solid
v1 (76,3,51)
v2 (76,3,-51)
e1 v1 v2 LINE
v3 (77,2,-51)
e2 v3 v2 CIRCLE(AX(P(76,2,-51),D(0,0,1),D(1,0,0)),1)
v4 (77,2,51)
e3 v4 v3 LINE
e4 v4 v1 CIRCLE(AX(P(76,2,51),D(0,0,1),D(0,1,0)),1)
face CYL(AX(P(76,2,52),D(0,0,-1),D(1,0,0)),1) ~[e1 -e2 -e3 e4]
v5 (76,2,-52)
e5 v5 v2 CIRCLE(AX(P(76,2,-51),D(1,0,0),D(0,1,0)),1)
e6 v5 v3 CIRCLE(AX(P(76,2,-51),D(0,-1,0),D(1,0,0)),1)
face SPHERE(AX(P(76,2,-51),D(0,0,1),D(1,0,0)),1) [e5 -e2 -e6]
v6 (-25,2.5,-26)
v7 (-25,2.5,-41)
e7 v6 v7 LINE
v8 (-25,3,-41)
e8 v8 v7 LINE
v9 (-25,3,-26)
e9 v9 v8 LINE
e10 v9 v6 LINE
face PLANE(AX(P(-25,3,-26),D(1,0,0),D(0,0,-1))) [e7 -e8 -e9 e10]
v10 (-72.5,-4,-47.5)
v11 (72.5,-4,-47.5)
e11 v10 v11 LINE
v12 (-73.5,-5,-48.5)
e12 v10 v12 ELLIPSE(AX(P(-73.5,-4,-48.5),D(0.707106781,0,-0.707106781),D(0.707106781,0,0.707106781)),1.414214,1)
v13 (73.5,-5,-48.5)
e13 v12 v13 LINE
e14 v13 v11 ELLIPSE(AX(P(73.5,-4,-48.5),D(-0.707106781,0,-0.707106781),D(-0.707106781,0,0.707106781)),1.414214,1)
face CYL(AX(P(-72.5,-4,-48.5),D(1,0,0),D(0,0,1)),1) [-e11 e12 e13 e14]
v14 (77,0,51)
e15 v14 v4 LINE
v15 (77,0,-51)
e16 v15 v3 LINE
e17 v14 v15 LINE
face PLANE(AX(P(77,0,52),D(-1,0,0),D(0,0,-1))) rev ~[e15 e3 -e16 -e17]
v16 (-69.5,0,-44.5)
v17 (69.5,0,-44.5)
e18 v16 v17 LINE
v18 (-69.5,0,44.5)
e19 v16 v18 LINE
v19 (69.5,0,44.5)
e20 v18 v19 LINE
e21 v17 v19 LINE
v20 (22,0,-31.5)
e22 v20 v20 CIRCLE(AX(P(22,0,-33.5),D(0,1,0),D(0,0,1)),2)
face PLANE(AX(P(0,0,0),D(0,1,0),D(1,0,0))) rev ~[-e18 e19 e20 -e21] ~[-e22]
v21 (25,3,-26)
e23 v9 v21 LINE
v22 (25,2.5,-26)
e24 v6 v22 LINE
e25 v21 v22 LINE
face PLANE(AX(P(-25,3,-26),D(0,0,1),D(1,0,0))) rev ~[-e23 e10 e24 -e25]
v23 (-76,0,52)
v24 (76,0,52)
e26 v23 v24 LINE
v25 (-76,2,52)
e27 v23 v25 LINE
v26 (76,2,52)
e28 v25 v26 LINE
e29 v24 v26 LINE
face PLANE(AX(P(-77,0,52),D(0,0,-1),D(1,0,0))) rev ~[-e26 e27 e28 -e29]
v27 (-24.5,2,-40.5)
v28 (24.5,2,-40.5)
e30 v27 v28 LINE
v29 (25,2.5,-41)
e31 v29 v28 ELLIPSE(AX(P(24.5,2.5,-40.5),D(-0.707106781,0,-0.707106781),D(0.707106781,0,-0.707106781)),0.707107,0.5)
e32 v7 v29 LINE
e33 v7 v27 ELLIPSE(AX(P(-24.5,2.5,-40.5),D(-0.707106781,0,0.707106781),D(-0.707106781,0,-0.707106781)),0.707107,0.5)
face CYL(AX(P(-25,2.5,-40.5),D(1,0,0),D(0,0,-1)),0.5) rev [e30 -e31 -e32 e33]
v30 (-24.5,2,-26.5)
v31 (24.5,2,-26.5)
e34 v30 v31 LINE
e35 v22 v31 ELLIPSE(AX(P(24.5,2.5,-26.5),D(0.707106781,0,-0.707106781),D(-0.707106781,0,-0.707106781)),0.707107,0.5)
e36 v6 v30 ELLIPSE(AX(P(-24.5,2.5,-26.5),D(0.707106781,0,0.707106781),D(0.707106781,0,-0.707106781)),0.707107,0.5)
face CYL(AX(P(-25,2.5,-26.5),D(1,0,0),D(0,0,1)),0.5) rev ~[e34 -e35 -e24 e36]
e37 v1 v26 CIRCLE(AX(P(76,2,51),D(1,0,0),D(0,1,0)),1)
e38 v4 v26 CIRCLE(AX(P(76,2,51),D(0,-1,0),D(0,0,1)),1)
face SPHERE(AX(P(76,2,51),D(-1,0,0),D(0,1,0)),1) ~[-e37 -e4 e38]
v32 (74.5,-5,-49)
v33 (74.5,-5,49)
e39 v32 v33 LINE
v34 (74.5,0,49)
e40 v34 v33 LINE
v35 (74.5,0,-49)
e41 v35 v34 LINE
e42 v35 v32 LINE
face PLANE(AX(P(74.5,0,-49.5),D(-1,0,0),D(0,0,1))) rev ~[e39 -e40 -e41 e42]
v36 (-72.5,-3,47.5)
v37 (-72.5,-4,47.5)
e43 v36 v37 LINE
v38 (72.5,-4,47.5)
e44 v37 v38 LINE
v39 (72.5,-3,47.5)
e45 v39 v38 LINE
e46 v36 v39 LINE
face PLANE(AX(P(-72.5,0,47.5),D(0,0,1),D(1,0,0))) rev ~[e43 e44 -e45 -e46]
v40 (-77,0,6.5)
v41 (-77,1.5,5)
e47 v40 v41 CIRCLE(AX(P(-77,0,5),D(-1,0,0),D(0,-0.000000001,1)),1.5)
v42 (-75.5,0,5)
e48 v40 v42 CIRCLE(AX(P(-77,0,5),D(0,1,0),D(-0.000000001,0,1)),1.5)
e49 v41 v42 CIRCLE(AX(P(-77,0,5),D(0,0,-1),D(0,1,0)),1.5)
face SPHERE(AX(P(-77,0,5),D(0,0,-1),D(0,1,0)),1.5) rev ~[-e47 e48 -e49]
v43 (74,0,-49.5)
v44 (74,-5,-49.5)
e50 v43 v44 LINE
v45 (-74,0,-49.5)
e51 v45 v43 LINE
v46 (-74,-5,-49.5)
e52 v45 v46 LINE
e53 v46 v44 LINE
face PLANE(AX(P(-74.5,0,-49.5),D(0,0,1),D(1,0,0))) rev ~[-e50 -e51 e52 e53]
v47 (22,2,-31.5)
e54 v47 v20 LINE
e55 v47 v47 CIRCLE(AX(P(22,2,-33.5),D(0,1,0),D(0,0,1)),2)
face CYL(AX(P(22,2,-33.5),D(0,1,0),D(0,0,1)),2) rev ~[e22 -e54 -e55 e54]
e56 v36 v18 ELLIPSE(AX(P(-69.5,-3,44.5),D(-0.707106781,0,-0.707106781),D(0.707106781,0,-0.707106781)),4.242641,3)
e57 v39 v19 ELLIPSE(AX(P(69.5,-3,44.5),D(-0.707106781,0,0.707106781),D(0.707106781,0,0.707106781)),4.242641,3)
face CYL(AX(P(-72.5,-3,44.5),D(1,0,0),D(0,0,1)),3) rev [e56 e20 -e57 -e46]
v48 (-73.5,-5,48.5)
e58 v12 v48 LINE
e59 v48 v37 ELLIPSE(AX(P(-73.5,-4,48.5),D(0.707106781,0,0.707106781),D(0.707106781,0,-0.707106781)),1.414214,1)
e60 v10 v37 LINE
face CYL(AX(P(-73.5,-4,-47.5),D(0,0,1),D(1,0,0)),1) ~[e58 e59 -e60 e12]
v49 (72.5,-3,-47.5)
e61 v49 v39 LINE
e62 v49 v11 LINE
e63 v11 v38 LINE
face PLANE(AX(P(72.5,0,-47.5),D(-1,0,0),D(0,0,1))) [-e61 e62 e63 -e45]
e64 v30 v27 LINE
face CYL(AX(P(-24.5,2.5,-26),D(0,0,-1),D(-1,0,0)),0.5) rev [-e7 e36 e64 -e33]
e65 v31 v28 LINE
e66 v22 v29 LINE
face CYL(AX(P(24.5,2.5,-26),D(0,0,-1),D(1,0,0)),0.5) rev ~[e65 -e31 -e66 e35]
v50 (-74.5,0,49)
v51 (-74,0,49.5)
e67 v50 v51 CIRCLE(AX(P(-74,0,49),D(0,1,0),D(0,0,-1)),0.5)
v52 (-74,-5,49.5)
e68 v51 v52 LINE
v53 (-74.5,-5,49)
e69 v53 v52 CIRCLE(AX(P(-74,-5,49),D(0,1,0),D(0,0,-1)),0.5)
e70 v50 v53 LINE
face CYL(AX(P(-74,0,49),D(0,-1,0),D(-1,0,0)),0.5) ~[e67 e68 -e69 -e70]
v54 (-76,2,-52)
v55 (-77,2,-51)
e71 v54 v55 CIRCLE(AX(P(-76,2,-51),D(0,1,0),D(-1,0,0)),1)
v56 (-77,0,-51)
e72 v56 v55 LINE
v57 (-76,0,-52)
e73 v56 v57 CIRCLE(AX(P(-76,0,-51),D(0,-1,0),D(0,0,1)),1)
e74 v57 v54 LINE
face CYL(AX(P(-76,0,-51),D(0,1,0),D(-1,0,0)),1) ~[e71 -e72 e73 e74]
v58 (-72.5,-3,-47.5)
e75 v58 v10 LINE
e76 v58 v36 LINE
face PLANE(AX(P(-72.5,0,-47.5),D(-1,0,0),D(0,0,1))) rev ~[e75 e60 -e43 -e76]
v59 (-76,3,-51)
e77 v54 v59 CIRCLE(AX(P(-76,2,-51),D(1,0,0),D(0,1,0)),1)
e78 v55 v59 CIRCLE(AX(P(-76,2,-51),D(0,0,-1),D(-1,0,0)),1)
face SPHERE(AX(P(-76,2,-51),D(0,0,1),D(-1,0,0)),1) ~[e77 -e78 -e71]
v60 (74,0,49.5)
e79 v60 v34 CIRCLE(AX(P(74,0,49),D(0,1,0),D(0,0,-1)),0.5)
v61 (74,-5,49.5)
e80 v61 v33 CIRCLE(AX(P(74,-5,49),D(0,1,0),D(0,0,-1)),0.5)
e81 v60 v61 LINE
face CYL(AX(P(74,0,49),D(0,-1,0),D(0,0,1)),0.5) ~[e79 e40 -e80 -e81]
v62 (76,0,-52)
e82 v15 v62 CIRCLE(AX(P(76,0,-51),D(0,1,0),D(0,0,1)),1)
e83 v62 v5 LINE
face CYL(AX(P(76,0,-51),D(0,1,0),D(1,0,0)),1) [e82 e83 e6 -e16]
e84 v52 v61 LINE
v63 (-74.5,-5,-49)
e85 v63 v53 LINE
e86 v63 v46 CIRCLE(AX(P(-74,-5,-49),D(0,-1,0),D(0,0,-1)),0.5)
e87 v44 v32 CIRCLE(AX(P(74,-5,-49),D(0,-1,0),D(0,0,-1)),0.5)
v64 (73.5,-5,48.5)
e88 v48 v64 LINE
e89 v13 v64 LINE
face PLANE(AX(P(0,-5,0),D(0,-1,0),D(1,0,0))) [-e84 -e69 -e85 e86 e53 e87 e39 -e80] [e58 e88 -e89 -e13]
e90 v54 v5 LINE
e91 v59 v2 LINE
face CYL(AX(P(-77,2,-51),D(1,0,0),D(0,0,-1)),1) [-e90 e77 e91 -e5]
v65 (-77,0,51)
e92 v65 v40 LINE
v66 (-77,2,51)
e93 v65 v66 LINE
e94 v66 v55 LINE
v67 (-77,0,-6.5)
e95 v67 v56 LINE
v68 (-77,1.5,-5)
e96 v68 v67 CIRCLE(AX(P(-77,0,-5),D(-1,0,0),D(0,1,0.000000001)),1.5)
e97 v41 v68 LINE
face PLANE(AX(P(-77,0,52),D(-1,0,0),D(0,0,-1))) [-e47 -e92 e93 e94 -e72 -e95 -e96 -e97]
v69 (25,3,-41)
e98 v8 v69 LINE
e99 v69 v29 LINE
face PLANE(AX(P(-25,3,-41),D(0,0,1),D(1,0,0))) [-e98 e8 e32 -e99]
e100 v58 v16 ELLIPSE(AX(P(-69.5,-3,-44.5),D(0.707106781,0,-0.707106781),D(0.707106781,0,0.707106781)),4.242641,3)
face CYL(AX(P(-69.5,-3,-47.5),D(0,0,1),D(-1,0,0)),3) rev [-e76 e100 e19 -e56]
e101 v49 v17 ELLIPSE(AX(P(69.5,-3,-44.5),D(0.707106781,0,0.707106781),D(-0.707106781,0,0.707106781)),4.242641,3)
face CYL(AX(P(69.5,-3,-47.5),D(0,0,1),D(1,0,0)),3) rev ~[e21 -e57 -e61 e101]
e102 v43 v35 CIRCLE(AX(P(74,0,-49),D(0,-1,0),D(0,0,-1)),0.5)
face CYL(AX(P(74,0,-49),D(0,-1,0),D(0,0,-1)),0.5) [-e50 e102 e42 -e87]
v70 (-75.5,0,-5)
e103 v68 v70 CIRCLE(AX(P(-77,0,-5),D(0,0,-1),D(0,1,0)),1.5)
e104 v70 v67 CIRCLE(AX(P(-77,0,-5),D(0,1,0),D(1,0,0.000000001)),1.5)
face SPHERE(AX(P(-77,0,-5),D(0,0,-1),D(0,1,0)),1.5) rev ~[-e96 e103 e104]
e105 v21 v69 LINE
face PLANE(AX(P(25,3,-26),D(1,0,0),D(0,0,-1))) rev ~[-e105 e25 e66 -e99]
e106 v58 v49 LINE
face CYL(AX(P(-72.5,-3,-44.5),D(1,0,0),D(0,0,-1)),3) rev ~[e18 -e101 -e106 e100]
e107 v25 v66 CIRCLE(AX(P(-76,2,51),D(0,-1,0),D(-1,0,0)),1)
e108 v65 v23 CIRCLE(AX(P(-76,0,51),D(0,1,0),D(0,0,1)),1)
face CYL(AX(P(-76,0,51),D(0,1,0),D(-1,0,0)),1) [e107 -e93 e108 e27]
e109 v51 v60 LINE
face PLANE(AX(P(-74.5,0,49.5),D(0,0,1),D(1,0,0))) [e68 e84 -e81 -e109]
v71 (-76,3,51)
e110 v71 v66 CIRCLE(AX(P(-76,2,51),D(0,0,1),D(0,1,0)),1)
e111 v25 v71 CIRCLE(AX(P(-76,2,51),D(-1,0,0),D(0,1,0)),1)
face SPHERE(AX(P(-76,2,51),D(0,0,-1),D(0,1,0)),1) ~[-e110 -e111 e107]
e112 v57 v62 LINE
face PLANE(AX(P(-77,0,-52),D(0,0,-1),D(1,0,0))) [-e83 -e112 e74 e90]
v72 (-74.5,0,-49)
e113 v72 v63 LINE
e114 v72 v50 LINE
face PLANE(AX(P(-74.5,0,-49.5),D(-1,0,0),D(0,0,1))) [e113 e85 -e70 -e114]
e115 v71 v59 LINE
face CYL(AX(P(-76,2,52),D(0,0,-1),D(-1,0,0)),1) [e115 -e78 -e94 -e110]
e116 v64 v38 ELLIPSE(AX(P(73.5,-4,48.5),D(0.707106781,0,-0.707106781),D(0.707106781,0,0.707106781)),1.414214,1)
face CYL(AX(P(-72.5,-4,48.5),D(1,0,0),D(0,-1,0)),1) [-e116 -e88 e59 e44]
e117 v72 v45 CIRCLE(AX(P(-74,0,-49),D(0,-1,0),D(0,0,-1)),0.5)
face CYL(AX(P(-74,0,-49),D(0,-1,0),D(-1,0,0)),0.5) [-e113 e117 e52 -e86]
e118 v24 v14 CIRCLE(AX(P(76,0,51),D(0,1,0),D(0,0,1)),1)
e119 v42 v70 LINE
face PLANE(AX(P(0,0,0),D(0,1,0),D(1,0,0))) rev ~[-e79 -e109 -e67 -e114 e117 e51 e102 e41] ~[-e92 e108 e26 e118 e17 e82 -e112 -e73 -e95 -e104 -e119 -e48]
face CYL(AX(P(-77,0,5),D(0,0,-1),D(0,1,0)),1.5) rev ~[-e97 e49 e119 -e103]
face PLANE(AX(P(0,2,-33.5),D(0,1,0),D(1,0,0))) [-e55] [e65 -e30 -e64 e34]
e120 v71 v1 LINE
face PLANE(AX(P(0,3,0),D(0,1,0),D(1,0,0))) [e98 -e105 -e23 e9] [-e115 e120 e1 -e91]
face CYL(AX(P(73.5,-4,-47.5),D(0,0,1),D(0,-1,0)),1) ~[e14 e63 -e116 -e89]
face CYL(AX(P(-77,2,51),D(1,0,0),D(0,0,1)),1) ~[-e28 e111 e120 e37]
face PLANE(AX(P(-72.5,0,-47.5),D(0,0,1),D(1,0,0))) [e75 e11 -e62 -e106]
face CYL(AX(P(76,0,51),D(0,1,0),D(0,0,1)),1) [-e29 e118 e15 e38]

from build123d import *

# Parameters (mm, degrees)
SKETCH1_W           = 154
SKETCH1_H           = 104
BOSS_EXTRUDE1_DEPTH = 3
FILLET1_R           = 1
SKETCH2_W           = 149
SKETCH2_H           = 99
SKETCH2_W_2         = 145
SKETCH2_H_2         = 95
EXTRUDE_THIN1_DEPTH = 5
FILLET2_R           = 3
FILLET3_R           = 1
CUT_REVOLVE1_ANGLE  = 90
SKETCH5_W           = 50
SKETCH5_H           = 15
CUT_EXTRUDE1_DEPTH  = 1
FILLET4_R           = 0.5
SKETCH6_R           = 2
CUT_EXTRUDE2_DEPTH  = 5
FILLET5_R           = 0.5


with BuildPart() as part:
    # Sketch1 → Boss-Extrude1 (new body)
    with BuildSketch(Plane(origin=(0, 0, 0), x_dir=(1, 0, 0), z_dir=(0, 1, 0))):
        Rectangle(SKETCH1_W, SKETCH1_H)
    extrude(amount=BOSS_EXTRUDE1_DEPTH)

    # Fillet1
    fillet1_edges = [part.edges().sort_by_distance(p)[0] for p in [
        (-77, 3, 0),
        (0, 3, 52),
        (77, 3, 0),
        (77, 1.5, 52),
        (-77, 1.5, 52),
        (-77, 1.5, -52),
        (77, 1.5, -52),
        (0, 3, -52),
    ]]
    fillet(fillet1_edges, radius=FILLET1_R)

    # Sketch2 → Extrude-Thin1 (add)
    with BuildSketch(Plane.XZ):
        Rectangle(SKETCH2_W, SKETCH2_H)
        Rectangle(SKETCH2_W_2, SKETCH2_H_2, mode=Mode.SUBTRACT)
    extrude(amount=EXTRUDE_THIN1_DEPTH)

    # Fillet2
    fillet2_edges = [part.edges().sort_by_distance(p)[0] for p in [
        (72.5, 0, 0),
        (0, 0, 47.5),
        (-72.5, 0, 0),
        (0, 0, -47.5),
    ]]
    fillet(fillet2_edges, radius=FILLET2_R)

    # Fillet3
    fillet3_edges = [part.edges().sort_by_distance(p)[0] for p in [
        (72.5, -5, 0),
        (0, -5, 47.5),
        (-72.5, -5, 0),
        (0, -5, -47.5),
    ]]
    fillet(fillet3_edges, radius=FILLET3_R)

    # Sketch3 → Cut-Revolve1 (revolve, cut)
    with BuildSketch(Plane.ZY.offset(77)):
        with BuildLine():
            Line((-6.5, 0), (6.5, 0))
            ThreePointArc((6.5, 0), (6.060660172, 1.060660172), (5, 1.5))
            Line((5, 1.5), (-5, 1.5))
            ThreePointArc((-5, 1.5), (-6.060660172, 1.060660172), (-6.5, 0))
        make_face()
    revolve(axis=Axis((-77, 0, -6.5), (0, 0, -1)), revolution_arc=CUT_REVOLVE1_ANGLE, mode=Mode.SUBTRACT)

    # Sketch5 → Cut-Extrude1 (cut)
    with BuildSketch(Plane(origin=(0, 3, 0), x_dir=(1, 0, 0), z_dir=(0, 1, 0))):
        with Locations((0, 33.5)):
            Rectangle(SKETCH5_W, SKETCH5_H)
    extrude(amount=-CUT_EXTRUDE1_DEPTH, mode=Mode.SUBTRACT)

    # Fillet4
    fillet4_edges = [part.edges().sort_by_distance(p)[0] for p in [
        (74.5, -2.5, -49.5),
        (74.5, -2.5, 49.5),
        (-74.5, -2.5, 49.5),
        (-74.5, -2.5, -49.5),
    ]]
    fillet(fillet4_edges, radius=FILLET4_R)

    # Sketch6 → Cut-Extrude2 (cut)
    with BuildSketch(Plane(origin=(0, 2, 0), x_dir=(1, 0, 0), z_dir=(0, 1, 0))):
        with Locations(Location((22, 33.5, 0), (0, 0, 270))):
            Circle(SKETCH6_R)
    extrude(amount=-CUT_EXTRUDE2_DEPTH, mode=Mode.SUBTRACT)

    # Fillet5
    fillet5_edges = [part.edges().sort_by_distance(p)[0] for p in [
        (25, 2, -33.5),
        (0, 2, -26),
        (-25, 2, -33.5),
        (0, 2, -41),
    ]]
    fillet(fillet5_edges, radius=FILLET5_R)


solid = part.part
